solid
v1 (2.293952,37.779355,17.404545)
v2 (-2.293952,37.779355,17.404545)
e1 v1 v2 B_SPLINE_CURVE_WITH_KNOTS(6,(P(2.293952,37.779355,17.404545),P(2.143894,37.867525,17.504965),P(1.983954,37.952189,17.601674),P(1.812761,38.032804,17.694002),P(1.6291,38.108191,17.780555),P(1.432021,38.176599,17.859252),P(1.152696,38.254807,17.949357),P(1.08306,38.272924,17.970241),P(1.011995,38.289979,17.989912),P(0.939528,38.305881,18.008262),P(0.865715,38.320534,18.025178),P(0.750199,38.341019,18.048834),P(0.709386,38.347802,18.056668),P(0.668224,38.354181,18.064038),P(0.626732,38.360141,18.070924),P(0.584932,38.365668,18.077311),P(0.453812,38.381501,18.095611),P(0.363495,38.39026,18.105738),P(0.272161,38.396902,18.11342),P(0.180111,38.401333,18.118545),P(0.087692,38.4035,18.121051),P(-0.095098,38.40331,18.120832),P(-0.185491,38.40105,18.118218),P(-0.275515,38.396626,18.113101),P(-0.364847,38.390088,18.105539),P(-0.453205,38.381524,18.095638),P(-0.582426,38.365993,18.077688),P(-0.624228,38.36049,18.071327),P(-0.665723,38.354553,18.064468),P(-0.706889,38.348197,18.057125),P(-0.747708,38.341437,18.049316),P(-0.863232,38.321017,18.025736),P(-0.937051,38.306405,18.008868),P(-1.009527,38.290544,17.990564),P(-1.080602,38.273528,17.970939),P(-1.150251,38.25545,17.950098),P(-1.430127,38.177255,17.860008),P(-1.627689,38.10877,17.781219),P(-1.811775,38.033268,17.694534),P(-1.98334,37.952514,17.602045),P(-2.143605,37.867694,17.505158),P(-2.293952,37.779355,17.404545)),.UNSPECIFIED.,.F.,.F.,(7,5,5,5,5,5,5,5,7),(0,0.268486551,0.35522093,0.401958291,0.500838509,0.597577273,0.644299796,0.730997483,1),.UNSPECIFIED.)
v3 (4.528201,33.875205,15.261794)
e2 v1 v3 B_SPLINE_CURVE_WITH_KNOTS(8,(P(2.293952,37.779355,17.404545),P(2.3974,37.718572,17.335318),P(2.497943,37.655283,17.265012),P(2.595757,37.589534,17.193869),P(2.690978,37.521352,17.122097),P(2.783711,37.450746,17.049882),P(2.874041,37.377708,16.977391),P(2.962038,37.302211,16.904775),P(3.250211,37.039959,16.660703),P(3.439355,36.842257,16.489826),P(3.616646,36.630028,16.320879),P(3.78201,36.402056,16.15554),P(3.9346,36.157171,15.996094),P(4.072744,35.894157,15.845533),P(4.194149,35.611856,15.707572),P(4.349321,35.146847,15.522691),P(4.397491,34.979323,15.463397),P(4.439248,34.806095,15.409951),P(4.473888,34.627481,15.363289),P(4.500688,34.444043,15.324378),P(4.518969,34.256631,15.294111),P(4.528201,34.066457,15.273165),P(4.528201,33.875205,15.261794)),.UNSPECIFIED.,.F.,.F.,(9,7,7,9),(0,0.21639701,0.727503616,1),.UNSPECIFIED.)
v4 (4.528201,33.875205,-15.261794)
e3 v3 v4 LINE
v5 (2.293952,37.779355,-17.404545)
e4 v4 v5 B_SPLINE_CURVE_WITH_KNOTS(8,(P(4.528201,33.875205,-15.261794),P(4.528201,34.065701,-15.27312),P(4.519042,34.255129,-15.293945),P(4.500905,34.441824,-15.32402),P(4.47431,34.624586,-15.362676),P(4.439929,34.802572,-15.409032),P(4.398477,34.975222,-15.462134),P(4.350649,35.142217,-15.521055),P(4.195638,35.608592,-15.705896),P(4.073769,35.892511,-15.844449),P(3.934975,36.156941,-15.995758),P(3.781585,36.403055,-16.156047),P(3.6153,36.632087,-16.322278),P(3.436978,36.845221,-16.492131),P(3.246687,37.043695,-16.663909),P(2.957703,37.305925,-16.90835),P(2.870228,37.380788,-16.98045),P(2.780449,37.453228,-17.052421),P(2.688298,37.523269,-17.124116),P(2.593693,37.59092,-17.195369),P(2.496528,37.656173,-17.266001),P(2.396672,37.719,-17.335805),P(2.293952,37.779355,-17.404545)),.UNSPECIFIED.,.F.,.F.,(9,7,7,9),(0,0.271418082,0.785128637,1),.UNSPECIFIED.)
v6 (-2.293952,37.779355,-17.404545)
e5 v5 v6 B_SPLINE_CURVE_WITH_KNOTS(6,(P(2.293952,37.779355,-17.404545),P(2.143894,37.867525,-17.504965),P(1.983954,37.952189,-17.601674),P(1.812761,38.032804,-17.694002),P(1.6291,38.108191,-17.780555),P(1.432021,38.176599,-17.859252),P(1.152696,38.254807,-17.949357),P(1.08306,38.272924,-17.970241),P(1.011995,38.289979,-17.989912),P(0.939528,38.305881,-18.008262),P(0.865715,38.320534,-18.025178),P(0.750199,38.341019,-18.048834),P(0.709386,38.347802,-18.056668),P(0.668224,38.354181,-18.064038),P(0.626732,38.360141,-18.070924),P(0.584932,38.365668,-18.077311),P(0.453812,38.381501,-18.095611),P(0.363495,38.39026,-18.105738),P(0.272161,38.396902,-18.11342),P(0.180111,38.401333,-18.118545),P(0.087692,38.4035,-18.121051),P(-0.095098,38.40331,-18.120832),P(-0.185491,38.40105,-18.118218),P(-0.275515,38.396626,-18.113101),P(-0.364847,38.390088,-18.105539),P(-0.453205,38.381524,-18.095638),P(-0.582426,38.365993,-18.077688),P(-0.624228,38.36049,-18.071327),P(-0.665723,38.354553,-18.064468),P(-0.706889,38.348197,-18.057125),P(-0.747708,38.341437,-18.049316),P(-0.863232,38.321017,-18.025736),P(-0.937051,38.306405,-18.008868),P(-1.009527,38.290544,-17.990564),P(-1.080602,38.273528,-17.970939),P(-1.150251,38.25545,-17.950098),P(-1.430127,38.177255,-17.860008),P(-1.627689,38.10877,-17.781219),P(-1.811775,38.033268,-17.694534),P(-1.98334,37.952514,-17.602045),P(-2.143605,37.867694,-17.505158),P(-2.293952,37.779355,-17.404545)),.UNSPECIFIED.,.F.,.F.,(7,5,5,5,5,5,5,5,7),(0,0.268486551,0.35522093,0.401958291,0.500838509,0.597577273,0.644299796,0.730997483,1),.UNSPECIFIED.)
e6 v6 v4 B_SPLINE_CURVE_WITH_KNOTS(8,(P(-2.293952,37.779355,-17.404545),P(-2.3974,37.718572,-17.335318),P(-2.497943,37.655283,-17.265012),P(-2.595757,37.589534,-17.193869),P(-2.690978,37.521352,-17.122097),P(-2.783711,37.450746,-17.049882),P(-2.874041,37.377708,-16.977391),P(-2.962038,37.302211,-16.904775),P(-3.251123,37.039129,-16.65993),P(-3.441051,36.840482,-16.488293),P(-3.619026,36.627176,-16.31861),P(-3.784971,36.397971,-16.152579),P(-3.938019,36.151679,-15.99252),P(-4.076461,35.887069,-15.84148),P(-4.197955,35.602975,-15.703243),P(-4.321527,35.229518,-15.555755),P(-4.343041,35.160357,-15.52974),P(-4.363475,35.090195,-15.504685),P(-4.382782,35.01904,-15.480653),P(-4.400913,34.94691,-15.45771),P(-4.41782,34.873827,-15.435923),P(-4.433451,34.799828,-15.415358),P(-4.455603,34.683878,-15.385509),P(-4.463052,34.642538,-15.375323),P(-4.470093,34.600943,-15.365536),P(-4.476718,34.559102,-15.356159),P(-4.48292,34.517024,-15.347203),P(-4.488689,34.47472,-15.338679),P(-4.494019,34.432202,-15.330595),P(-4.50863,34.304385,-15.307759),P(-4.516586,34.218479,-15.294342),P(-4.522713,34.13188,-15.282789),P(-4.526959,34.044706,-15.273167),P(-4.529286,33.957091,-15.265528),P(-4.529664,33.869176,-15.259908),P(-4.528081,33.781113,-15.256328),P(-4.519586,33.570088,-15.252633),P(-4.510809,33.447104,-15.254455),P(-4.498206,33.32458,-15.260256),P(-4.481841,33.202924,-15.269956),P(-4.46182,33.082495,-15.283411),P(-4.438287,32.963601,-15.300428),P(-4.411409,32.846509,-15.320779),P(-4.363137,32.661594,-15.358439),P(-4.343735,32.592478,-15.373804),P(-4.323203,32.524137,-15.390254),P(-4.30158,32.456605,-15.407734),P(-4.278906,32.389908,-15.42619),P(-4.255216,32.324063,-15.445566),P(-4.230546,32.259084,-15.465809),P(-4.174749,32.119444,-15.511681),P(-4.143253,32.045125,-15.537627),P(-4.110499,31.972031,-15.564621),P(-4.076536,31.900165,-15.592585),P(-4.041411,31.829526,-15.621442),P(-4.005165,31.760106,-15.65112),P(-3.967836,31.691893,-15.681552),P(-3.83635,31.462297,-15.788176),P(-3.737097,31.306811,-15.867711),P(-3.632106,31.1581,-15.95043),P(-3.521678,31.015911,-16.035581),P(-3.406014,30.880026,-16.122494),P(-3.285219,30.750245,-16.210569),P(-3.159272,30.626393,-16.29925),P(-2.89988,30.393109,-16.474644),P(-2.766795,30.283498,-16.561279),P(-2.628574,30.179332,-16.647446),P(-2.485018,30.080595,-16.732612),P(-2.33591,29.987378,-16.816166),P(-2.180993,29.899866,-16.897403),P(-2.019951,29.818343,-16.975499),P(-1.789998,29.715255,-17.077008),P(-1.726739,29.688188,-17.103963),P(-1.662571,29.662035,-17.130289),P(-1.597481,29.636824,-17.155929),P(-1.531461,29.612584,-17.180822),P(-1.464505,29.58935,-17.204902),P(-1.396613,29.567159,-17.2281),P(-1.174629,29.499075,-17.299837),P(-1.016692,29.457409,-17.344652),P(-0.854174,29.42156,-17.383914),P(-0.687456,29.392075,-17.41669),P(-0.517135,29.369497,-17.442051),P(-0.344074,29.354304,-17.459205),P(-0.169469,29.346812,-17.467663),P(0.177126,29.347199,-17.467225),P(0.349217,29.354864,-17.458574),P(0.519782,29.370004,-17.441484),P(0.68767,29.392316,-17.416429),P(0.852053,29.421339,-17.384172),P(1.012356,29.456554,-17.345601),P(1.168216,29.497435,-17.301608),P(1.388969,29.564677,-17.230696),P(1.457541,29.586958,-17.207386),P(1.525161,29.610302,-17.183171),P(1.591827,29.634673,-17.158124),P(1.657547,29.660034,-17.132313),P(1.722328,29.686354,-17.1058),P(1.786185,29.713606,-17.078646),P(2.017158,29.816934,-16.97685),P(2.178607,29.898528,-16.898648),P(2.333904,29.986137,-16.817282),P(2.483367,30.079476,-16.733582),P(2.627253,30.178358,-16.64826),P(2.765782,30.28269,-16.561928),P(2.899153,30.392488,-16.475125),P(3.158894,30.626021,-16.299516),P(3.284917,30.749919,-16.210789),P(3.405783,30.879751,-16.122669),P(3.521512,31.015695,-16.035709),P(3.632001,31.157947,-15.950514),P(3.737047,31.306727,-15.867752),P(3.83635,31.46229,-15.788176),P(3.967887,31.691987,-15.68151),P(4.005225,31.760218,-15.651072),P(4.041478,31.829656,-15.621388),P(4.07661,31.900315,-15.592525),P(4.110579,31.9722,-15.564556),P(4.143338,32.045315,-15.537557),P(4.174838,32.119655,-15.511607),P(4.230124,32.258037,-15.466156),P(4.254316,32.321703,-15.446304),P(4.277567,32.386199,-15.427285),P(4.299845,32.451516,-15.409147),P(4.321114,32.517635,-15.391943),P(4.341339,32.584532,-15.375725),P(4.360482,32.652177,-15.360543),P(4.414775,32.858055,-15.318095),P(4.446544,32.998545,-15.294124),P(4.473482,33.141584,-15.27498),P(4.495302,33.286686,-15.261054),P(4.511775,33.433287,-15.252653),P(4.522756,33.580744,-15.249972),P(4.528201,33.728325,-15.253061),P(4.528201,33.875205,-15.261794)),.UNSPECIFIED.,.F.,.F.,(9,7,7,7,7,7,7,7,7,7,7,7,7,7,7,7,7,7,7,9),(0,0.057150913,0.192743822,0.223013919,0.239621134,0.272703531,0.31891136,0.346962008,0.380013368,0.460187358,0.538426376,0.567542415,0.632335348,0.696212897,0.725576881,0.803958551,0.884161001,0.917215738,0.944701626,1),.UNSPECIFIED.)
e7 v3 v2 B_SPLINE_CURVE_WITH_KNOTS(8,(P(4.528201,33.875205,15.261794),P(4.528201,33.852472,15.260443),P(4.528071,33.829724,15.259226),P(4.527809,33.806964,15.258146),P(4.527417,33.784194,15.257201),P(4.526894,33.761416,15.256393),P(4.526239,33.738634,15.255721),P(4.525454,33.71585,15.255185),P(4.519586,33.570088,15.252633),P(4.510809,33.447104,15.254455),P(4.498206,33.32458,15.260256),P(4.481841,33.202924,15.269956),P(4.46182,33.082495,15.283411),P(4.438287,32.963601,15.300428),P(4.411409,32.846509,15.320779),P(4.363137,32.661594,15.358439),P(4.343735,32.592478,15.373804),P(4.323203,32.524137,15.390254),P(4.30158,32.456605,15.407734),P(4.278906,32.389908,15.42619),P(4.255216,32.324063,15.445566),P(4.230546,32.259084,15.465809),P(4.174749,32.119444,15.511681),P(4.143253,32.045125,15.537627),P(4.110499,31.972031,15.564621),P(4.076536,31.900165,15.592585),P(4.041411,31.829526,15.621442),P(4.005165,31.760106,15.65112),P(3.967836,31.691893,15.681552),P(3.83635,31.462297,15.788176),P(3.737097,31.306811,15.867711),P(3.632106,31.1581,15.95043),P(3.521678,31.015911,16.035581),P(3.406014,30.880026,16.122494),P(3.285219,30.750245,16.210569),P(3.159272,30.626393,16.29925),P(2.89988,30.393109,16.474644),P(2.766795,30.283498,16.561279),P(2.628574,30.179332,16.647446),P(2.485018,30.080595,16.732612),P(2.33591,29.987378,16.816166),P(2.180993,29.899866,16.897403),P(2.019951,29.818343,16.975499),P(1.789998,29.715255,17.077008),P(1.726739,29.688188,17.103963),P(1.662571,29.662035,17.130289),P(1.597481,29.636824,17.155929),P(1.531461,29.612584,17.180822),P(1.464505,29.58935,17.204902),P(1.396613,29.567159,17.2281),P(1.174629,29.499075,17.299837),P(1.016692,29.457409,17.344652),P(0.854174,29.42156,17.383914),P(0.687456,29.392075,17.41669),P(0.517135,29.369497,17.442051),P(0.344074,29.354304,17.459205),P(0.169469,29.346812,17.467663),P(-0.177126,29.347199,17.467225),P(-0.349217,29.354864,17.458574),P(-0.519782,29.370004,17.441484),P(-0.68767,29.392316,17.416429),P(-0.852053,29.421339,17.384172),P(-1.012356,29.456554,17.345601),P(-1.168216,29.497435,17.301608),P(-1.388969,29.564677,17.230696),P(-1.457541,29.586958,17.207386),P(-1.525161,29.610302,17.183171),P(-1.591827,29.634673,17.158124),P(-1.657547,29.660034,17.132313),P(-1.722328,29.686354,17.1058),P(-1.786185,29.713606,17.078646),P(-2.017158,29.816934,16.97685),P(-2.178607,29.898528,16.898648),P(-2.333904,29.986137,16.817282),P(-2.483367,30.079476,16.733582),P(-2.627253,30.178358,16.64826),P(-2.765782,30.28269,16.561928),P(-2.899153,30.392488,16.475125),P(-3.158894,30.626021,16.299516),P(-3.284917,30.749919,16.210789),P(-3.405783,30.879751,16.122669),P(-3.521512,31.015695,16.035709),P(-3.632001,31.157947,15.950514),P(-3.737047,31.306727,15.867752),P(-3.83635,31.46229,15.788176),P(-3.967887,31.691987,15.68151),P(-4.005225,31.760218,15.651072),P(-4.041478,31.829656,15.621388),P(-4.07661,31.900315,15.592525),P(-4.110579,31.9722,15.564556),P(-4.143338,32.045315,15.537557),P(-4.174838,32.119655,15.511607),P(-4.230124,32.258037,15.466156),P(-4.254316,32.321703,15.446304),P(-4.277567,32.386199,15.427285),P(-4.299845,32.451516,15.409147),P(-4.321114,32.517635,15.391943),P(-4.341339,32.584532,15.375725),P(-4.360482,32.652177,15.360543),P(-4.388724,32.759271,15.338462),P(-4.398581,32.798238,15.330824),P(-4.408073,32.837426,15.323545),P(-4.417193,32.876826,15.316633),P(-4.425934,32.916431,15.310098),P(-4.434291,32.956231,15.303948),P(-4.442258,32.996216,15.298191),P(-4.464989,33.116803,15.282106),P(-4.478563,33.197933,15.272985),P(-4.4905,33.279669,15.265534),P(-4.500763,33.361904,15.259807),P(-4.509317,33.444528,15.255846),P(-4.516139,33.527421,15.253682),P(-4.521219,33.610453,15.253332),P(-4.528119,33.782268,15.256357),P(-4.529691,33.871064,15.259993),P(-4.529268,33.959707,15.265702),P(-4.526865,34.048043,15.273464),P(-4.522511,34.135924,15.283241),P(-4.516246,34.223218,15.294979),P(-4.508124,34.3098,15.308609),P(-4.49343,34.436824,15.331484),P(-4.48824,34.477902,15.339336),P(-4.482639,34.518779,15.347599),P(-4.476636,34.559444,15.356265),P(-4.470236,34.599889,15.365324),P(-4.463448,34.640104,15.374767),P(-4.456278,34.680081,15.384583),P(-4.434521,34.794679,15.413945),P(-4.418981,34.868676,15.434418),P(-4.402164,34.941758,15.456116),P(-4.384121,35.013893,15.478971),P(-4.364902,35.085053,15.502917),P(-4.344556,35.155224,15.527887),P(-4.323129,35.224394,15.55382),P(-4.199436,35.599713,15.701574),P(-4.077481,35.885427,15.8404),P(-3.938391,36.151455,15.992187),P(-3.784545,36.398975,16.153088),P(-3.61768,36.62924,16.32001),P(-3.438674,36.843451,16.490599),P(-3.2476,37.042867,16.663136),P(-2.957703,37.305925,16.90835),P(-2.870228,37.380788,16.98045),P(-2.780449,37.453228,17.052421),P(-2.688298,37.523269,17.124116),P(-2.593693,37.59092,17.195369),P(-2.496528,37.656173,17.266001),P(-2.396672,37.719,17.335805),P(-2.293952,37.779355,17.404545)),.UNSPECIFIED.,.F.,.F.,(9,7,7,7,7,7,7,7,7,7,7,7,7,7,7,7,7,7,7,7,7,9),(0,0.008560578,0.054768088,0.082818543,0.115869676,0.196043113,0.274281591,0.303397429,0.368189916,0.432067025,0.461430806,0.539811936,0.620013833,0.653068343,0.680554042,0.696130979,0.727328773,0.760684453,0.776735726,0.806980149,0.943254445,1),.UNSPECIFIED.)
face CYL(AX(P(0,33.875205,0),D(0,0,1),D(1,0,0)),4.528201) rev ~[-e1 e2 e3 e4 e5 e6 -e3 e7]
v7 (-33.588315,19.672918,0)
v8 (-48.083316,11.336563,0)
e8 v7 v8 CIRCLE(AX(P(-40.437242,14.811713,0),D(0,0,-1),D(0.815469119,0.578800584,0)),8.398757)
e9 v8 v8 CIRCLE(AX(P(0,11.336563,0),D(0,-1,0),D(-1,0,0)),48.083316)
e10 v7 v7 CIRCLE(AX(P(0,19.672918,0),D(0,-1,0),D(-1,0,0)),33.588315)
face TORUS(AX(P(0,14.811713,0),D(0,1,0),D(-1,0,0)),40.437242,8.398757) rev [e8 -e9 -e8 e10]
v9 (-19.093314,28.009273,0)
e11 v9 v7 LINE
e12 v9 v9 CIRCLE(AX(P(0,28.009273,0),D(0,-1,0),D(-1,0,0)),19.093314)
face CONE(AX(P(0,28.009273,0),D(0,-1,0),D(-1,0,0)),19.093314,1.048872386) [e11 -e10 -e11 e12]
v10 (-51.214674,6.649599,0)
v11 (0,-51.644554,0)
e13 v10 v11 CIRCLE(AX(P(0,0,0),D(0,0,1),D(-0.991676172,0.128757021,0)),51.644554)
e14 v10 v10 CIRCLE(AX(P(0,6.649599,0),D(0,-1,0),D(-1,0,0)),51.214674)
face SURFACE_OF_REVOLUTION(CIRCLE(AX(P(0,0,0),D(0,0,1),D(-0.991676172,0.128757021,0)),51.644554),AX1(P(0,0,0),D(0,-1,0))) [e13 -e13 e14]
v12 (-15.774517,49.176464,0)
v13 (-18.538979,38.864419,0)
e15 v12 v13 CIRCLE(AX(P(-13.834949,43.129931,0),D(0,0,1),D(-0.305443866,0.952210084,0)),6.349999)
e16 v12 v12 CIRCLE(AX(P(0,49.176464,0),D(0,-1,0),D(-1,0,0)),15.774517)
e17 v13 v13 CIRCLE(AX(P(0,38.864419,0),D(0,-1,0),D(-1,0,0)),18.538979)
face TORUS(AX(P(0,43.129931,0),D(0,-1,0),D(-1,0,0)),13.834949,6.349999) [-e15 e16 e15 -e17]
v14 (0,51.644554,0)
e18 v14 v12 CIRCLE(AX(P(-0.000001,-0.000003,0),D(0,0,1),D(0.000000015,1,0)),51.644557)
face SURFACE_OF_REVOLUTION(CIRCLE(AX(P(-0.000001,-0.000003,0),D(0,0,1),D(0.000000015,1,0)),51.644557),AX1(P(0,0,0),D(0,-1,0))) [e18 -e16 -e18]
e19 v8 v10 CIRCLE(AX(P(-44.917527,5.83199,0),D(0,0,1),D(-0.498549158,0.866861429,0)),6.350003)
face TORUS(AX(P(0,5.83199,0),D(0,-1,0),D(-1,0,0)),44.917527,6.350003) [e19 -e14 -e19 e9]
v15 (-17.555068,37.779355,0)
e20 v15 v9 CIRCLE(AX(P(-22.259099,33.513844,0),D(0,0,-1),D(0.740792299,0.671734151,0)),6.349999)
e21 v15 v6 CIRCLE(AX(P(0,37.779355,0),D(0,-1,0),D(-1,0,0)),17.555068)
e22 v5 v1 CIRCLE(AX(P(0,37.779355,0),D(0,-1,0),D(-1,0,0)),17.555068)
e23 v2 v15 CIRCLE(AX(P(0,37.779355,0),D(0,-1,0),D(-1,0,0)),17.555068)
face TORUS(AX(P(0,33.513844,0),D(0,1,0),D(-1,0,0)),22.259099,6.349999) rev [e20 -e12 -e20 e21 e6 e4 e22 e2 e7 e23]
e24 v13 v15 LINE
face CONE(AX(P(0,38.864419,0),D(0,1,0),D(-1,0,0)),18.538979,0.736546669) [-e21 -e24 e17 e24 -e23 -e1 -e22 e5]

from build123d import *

# Parameters (mm, degrees)
F2_R     = 4.528201
F3_DEPTH = 43.18
F4_DEPTH = 68.072


with BuildPart() as f1:
    # F0 (on Top) → F1 (revolve)
    with BuildSketch(Plane.XY):
        with BuildLine():
            Line((0, -51.644554), (0, 51.644554))
            ThreePointArc((0, 51.644554), (-7.983214, 51.023801), (-15.774517, 49.176464))
            ThreePointArc((-15.774517, 49.176464), (-19.968375, 44.774185), (-18.538979, 38.864419))
            Line((-18.538979, 38.864419), (-17.555068, 37.779355))
            ThreePointArc((-17.555068, 37.779355), (-15.98637, 32.526237), (-19.093314, 28.009273))
            Line((-19.093314, 28.009273), (-33.588315, 19.672918))
            ThreePointArc((-33.588315, 19.672918), (-36.250051, 7.531153), (-48.083316, 11.336563))
            ThreePointArc((-48.083316, 11.336563), (-50.197555, 9.359574), (-51.214674, 6.649599))
            ThreePointArc((-51.214674, 6.649599), (-38.798038, -34.086247), (0, -51.644554))
        make_face()
    revolve(axis=Axis((0, 0, 0), (0, -1, 0)))

    # F2 (on Top) → F3 (cut)
    with BuildSketch(Plane.XY):
        with Locations((0, 33.875205)):
            Circle(F2_R)
    extrude(amount=-F3_DEPTH, mode=Mode.SUBTRACT)

    # F2 (on Top) → F4 (cut)
    with BuildSketch(Plane.XY):
        with Locations((0, 33.875205)):
            Circle(F2_R)
    extrude(amount=F4_DEPTH, mode=Mode.SUBTRACT)


solid = f1.part
